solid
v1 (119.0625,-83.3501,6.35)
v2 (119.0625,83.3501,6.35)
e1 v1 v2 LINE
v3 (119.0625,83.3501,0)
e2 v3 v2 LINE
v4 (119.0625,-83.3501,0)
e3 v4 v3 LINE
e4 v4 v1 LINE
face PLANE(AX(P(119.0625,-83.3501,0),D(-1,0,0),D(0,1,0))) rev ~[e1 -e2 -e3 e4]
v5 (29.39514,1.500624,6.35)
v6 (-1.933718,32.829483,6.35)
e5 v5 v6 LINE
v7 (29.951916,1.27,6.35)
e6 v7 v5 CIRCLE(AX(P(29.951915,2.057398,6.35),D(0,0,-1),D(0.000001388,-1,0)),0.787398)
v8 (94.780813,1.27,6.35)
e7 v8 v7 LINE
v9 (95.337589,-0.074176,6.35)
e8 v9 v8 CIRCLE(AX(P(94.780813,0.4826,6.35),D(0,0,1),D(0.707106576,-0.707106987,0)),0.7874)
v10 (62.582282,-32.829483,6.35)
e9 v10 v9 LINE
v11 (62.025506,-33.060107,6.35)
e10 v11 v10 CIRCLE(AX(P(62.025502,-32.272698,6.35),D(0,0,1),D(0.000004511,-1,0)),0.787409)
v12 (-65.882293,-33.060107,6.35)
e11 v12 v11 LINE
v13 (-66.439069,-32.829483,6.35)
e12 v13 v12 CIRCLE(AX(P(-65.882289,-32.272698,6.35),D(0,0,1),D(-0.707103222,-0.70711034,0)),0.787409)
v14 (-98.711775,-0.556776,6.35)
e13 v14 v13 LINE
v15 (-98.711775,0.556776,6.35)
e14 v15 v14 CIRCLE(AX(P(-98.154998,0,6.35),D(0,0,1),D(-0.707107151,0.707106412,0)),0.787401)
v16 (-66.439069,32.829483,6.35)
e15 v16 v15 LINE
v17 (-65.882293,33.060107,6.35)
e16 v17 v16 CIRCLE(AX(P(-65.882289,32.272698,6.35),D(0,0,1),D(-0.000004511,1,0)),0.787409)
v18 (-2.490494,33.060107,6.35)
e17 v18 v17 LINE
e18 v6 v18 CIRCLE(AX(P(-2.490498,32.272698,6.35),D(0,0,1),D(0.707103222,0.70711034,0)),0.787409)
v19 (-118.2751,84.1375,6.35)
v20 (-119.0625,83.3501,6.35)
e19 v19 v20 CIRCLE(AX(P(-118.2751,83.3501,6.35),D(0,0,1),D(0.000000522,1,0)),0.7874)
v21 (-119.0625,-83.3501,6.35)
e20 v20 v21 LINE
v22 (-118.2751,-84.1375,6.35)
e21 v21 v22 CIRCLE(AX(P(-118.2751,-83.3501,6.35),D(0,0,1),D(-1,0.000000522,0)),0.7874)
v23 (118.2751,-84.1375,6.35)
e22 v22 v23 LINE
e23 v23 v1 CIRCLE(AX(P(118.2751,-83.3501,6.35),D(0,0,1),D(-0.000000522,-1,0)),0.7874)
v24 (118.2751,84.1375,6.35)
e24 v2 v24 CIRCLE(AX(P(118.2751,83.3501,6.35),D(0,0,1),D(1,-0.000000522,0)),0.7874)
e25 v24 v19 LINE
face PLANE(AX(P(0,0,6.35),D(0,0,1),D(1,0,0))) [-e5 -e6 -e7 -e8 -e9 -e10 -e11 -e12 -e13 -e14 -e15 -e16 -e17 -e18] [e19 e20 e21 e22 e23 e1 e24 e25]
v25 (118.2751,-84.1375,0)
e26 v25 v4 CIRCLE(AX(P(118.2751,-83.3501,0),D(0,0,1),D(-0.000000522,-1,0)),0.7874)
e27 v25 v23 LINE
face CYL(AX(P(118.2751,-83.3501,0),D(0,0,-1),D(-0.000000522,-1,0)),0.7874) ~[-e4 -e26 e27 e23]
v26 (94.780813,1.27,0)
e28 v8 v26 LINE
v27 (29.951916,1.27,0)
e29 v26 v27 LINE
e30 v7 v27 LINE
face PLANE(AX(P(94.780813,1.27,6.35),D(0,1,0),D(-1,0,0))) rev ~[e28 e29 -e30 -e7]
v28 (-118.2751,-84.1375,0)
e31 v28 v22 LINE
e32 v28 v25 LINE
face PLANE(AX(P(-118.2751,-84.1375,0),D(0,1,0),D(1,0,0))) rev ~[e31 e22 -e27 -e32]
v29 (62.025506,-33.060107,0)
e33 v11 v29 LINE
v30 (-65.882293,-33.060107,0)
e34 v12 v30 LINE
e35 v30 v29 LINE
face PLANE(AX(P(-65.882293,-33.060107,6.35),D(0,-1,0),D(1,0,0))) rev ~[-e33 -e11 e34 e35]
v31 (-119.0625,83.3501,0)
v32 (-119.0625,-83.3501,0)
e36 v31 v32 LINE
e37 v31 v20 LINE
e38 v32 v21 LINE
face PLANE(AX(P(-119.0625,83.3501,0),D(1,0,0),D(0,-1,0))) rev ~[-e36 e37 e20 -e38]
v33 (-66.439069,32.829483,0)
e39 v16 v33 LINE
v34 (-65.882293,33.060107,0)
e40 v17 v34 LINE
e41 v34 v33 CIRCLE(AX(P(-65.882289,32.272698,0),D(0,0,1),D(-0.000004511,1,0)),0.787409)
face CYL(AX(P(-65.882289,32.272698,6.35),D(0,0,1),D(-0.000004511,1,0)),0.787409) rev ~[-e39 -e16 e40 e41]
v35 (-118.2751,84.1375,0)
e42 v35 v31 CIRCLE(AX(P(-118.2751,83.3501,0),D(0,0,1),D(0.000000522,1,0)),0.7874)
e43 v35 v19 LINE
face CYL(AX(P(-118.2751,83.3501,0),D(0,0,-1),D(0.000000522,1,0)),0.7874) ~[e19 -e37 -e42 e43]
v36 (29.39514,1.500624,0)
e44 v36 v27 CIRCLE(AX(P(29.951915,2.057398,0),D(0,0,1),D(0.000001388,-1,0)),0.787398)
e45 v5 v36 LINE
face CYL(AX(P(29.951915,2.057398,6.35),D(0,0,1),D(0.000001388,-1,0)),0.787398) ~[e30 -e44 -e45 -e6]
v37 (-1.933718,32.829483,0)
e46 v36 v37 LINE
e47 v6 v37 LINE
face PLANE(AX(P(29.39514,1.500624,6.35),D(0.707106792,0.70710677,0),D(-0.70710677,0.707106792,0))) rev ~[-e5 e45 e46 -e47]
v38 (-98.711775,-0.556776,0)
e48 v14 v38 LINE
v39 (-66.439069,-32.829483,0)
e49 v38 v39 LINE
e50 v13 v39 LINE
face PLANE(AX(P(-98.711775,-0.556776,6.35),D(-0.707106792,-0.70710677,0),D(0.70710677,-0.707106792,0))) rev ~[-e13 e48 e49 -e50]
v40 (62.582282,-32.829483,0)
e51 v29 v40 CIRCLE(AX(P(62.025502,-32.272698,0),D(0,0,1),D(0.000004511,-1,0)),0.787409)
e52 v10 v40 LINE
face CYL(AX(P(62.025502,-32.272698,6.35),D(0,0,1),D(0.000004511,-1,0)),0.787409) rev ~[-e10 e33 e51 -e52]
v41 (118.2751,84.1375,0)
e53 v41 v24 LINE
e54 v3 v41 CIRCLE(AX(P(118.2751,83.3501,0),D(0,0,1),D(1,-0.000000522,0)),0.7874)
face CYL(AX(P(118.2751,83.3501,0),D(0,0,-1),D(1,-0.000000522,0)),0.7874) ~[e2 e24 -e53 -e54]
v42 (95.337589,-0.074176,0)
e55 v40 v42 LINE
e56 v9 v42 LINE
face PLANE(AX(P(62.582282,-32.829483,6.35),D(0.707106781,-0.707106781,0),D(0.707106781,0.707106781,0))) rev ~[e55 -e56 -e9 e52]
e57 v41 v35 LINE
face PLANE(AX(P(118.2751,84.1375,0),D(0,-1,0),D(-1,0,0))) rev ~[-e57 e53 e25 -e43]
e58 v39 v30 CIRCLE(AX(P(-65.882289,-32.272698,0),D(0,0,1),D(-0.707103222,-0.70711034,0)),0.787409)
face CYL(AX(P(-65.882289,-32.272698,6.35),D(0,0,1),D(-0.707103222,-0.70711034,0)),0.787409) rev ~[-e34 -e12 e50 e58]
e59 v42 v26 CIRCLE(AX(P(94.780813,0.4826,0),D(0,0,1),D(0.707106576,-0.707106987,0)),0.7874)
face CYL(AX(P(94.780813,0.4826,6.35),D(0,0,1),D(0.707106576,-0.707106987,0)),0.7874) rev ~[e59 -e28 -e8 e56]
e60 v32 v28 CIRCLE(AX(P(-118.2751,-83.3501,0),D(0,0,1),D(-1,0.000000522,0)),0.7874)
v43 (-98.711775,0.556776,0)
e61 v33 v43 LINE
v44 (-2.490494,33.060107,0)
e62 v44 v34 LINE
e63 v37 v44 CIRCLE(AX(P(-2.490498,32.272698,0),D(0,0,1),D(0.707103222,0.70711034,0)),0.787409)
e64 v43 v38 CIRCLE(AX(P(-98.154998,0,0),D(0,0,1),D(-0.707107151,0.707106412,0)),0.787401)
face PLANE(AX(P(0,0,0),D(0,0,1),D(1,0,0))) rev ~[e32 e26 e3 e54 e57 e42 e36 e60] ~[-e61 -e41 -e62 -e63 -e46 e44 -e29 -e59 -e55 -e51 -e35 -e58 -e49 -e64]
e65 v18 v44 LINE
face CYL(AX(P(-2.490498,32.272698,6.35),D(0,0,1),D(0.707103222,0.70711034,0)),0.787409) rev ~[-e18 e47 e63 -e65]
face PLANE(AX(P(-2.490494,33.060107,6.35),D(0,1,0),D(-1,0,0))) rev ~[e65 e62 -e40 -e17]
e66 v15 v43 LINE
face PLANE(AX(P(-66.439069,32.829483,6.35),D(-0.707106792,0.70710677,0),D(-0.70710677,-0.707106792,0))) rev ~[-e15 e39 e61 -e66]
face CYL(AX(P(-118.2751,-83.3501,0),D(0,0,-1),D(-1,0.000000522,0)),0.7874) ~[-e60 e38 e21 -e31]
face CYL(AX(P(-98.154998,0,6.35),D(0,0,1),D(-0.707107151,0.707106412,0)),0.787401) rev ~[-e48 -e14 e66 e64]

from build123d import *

# Parameters (mm, degrees)
F1_DEPTH = 6.35
F3_DEPTH = 25.4
F5_DEPTH = 25.4


with BuildPart() as f1:
    # F0 (on Top) → F1 (new body)
    with BuildSketch(Plane.XY):
        with BuildLine():
            Line((118.2751, 84.1375), (-118.2751, 84.1375))
            ThreePointArc((-118.2751, 84.1375), (-118.831876, 83.906876), (-119.0625, 83.3501))
            Line((-119.0625, 83.3501), (-119.0625, -83.3501))
            ThreePointArc((-119.0625, -83.3501), (-118.831876, -83.906876), (-118.2751, -84.1375))
            Line((-118.2751, -84.1375), (118.2751, -84.1375))
            ThreePointArc((118.2751, -84.1375), (118.831876, -83.906876), (119.0625, -83.3501))
            Line((119.0625, -83.3501), (119.0625, 83.3501))
            ThreePointArc((119.0625, 83.3501), (118.831876, 83.906876), (118.2751, 84.1375))
        make_face()
    extrude(amount=F1_DEPTH)

    # F2 (on face) → F3 (cut)
    with BuildSketch(Plane.XY.offset(6.35)):
        Polygon((-2.690393, 31.790107), (-65.682393, 31.790107), (-97.4725, 0), (-65.682393, -31.790107), (61.825607, -31.790107), (93.615713, 0), (29.099713, 0), align=None)
    extrude(amount=-F3_DEPTH, mode=Mode.SUBTRACT)

    # F4 (on face) → F5 (cut)
    with BuildSketch(Plane.XY.offset(6.35)):
        with BuildLine():
            ThreePointArc((29.951916, 1.27), (29.650591, 1.329937), (29.39514, 1.500624))
            Line((29.39514, 1.500624), (-1.933718, 32.829483))
            ThreePointArc((-1.933718, 32.829483), (-2.189169, 33.000169), (-2.490494, 33.060107))
            Line((-2.490494, 33.060107), (-65.882293, 33.060107))
            ThreePointArc((-65.882293, 33.060107), (-66.183618, 33.000169), (-66.439069, 32.829483))
            Line((-66.439069, 32.829483), (-98.711775, 0.556776))
            ThreePointArc((-98.711775, 0.556776), (-98.942399, 0), (-98.711775, -0.556776))
            Line((-98.711775, -0.556776), (-66.439069, -32.829483))
            ThreePointArc((-66.439069, -32.829483), (-66.183618, -33.000169), (-65.882293, -33.060107))
            Line((-65.882293, -33.060107), (62.025506, -33.060107))
            ThreePointArc((62.025506, -33.060107), (62.326831, -33.000169), (62.582282, -32.829483))
            Line((62.582282, -32.829483), (95.337589, -0.074176))
            ThreePointArc((95.337589, -0.074176), (95.508276, 0.783925), (94.780813, 1.27))
            Line((94.780813, 1.27), (29.951916, 1.27))
        make_face()
    extrude(amount=-F5_DEPTH, mode=Mode.SUBTRACT)


solid = f1.part
